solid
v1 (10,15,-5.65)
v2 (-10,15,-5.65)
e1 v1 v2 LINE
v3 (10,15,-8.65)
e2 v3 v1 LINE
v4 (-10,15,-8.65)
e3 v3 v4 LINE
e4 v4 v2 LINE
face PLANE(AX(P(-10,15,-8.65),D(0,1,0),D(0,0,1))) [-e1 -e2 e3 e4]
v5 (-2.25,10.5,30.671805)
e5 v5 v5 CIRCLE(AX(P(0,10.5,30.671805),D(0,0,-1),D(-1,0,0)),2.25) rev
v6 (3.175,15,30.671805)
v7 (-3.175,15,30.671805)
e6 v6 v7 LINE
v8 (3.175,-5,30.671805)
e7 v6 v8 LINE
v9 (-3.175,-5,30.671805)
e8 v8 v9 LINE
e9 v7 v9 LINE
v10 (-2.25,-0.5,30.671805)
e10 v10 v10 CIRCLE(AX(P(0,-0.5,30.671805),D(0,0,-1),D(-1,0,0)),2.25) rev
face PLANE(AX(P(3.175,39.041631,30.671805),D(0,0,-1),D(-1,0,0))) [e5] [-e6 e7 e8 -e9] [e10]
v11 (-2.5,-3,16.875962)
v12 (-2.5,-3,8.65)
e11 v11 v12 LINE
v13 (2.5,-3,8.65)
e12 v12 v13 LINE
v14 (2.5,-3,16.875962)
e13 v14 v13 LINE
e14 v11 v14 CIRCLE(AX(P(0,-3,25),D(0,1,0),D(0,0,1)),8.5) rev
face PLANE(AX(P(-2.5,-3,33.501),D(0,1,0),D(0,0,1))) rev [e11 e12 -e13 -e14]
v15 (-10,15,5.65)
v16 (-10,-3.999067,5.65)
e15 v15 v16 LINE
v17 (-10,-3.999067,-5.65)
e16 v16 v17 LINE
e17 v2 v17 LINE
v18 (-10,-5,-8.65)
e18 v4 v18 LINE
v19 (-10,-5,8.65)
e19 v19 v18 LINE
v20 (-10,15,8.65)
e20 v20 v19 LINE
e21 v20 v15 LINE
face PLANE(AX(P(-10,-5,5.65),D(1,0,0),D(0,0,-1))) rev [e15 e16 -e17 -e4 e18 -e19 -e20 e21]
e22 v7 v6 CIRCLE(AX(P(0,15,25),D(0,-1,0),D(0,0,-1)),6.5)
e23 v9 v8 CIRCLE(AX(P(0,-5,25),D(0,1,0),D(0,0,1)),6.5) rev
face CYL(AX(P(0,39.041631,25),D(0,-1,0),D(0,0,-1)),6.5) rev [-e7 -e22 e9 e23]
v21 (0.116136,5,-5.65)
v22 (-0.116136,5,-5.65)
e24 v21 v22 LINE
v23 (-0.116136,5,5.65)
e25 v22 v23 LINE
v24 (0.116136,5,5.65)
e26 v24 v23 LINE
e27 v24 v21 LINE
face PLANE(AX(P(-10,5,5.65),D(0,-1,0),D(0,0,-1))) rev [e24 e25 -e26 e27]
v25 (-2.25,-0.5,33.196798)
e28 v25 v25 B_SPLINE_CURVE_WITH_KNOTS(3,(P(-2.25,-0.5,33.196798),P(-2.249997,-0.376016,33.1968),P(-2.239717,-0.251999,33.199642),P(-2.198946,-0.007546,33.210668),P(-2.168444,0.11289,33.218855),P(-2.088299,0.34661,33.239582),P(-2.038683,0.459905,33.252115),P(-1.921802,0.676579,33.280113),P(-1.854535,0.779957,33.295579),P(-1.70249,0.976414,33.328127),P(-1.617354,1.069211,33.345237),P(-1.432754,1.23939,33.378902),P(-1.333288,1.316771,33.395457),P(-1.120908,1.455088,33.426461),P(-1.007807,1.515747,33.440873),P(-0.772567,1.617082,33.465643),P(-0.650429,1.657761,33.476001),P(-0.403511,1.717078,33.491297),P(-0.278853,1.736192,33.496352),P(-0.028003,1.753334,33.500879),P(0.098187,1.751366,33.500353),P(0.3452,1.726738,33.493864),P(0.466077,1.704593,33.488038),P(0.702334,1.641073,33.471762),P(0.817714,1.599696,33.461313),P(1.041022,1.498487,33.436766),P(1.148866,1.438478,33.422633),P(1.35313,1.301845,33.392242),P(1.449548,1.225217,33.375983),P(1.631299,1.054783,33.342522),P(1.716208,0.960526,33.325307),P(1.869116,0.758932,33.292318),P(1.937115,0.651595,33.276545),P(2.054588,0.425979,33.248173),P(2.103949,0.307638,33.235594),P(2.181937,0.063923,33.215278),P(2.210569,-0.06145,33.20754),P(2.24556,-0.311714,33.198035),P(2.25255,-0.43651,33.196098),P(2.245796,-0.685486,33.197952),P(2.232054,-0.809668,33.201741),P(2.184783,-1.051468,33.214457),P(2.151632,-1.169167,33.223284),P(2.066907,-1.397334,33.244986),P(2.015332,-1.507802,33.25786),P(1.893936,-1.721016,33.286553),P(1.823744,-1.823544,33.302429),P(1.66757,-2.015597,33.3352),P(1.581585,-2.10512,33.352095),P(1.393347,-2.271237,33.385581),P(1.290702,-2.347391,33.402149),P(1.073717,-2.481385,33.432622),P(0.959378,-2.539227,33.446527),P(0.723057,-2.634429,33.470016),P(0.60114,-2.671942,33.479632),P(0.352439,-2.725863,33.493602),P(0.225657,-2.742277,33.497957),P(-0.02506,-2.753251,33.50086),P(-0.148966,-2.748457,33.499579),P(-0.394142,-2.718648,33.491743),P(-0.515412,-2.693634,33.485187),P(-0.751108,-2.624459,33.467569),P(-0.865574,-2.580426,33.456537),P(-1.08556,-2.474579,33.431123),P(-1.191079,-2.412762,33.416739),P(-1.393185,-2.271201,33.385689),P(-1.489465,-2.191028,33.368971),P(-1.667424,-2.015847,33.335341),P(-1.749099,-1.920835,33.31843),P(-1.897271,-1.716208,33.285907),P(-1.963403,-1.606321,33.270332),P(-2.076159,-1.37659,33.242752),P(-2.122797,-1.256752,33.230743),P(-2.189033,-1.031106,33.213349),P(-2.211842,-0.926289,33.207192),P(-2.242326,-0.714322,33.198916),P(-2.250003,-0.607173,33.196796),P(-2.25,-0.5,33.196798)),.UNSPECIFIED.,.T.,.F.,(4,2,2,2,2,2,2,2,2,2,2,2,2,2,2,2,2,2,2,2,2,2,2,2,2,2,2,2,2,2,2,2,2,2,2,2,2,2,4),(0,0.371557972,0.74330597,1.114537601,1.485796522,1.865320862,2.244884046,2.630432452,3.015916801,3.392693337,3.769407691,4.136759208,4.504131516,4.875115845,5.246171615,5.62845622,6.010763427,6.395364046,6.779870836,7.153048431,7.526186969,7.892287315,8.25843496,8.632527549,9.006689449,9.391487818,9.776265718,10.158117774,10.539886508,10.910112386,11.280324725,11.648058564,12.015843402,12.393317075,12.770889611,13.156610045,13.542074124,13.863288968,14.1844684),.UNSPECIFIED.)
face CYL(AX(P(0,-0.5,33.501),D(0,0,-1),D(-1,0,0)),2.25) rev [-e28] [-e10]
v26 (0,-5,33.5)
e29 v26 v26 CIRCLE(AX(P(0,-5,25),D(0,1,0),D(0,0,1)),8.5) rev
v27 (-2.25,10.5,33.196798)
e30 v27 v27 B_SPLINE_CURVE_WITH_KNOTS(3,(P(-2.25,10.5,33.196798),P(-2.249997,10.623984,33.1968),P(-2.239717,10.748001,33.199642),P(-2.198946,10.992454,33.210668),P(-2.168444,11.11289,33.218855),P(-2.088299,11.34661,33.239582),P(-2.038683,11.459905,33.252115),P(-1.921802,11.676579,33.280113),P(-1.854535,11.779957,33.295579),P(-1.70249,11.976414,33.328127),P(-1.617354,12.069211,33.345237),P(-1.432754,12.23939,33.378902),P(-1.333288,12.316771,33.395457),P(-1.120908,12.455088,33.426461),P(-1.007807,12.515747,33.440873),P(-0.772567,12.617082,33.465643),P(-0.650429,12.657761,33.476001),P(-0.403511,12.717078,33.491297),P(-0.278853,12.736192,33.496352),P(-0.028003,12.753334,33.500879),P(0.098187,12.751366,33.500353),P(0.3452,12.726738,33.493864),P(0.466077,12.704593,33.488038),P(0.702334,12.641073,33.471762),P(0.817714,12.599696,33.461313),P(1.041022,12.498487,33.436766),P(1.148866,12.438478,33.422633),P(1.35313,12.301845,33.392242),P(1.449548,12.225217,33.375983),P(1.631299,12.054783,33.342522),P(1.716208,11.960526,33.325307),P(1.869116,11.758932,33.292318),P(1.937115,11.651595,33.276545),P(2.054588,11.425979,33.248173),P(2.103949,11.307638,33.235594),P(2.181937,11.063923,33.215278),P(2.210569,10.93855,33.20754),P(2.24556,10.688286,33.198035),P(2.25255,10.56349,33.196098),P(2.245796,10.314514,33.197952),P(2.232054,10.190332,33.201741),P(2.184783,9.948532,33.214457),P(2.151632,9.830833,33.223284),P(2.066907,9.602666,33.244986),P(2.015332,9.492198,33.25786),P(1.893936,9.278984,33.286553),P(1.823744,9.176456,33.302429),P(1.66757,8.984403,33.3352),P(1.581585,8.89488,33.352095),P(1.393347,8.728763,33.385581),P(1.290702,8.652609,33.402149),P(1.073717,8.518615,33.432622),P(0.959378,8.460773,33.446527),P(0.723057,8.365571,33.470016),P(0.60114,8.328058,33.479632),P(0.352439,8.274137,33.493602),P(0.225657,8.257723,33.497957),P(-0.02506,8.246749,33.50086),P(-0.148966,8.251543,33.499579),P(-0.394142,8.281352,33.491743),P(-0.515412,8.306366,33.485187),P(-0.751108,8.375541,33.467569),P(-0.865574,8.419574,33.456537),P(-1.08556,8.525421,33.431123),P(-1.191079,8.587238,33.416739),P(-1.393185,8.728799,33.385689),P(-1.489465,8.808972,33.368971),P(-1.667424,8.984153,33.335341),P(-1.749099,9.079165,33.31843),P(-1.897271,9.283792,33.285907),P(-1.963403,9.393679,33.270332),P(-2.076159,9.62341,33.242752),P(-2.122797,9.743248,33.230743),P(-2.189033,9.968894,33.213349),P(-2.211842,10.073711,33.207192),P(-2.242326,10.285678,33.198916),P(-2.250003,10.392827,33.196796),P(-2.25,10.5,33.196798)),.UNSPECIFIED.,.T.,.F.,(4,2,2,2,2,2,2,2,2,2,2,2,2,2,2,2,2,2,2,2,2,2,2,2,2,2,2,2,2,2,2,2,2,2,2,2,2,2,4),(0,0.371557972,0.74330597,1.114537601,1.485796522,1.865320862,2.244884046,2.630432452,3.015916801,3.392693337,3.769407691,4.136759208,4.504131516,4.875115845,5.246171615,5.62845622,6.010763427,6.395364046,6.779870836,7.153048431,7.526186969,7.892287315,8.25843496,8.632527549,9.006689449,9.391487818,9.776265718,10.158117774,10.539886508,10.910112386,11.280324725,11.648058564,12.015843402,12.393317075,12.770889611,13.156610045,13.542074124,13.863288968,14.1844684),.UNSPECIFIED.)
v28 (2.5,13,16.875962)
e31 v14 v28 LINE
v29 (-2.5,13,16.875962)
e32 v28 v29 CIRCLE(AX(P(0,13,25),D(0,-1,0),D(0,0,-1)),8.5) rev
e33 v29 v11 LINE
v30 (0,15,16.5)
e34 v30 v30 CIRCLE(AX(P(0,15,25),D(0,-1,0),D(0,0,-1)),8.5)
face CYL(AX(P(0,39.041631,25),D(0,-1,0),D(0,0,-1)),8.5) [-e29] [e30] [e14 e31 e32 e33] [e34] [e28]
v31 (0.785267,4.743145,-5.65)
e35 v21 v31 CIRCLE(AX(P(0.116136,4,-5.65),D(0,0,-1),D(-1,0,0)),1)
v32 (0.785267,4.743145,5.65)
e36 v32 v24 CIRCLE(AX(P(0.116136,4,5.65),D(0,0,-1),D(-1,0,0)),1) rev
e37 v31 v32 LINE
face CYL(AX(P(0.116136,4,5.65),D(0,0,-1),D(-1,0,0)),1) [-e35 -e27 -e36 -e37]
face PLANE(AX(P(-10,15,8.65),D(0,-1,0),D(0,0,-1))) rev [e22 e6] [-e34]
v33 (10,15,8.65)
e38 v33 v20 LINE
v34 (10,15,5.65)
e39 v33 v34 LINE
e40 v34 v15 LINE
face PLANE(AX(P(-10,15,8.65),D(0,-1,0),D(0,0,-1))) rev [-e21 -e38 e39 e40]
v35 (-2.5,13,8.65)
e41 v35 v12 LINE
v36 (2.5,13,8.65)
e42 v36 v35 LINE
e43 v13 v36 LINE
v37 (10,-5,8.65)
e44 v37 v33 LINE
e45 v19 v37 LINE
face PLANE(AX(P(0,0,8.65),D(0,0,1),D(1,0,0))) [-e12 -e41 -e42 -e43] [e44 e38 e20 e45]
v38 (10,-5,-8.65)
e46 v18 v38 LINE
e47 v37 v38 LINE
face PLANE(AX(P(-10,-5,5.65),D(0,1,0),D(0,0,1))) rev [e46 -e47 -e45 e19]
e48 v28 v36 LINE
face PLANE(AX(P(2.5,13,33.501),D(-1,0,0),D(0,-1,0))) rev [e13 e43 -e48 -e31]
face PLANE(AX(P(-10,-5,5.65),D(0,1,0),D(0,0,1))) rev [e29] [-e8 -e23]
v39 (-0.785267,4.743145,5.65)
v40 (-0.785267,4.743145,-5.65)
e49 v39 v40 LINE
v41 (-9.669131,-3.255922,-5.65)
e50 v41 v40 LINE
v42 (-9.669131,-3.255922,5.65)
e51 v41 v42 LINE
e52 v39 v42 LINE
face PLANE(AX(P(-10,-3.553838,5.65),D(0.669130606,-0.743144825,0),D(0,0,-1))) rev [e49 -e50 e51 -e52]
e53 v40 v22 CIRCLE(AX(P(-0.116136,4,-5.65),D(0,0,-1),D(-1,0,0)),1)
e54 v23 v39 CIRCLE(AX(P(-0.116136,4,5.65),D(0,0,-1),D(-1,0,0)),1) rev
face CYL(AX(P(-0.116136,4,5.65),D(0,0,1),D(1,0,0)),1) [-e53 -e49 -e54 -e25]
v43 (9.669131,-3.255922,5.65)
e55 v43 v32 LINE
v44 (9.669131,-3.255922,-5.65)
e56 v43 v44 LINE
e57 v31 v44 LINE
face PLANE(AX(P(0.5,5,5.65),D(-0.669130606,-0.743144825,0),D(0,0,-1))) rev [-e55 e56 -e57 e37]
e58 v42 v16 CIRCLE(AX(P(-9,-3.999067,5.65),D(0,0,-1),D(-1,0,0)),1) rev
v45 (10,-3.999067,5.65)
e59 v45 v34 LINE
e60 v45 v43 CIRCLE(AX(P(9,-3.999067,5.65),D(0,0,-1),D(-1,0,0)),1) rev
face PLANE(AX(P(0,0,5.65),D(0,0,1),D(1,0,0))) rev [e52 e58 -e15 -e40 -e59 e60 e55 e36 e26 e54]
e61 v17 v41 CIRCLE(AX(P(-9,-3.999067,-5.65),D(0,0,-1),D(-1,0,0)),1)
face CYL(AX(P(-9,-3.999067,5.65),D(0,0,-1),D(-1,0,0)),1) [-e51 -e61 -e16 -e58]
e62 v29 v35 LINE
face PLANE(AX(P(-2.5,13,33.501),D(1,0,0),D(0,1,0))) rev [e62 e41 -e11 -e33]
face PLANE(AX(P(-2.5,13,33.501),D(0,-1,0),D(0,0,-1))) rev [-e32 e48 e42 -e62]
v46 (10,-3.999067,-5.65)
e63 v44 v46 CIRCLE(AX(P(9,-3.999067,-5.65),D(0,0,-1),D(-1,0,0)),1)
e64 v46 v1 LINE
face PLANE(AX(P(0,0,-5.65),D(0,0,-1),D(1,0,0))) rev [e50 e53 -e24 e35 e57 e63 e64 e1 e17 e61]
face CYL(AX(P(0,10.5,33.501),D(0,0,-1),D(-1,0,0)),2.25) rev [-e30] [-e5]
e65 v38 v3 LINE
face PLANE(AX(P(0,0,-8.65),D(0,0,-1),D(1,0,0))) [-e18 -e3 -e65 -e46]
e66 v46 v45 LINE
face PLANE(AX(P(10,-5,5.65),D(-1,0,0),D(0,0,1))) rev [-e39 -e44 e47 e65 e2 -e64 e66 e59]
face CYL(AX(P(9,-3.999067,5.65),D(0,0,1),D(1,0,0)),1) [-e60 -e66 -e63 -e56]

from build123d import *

# Parameters (mm, degrees)
SKETCH2_W                       = 20
SKETCH2_H                       = 10
BOSS_EXTRUDE1_DEPTH             = 5.65
CHAMFER1_SIZE                   = 9.5
CHAMFER1_SIZE2                  = 8.553838421
FILLET3_R                       = 1
SKETCH3_W                       = 20
SKETCH3_H                       = 20
BOSS_EXTRUDE2_DEPTH             = 3
BOSS_EXTRUDE3_REACH             = 21.996
SKETCH6_R                       = 8.5
BOSS_EXTRUDE3_DIRECTION_2_REACH = 21.996
BOSS_EXTRUDE4_REACH             = 32.701
BOSS_EXTRUDE4_END_RADIUS        = 8.5
SKETCH5_W                       = 5
SKETCH5_H                       = 16
CUT_EXTRUDE1_REACH              = 35.85
CUT_EXTRUDE1_END_RADIUS         = 8.5
SKETCH7_R                       = 2.25


with BuildPart() as part:
    # Sketch2 → Boss-Extrude1 (new, symmetric)
    with BuildSketch(Plane.XY):
        Rectangle(SKETCH2_W, SKETCH2_H)
    extrude(amount=BOSS_EXTRUDE1_DEPTH, both=True)

    # Chamfer1
    chamfer1_edges = [part.edges().sort_by_distance(p)[0] for p in [
        (-10, 5, 0),
        (10, 5, 0),
    ]]
    chamfer1_side = [part.faces().sort_by_distance(p)[0] for p in [
        (0, 5, 0),
    ]]
    chamfer(chamfer1_edges, length=CHAMFER1_SIZE, length2=CHAMFER1_SIZE2, reference=chamfer1_side[0])

    # Fillet3
    fillet3_edges = [part.edges().sort_by_distance(p)[0] for p in [
        (-0.5, 5, 0),
        (0.5, 5, 0),
        (10, -3.553838421, 0),
        (-10, -3.553838421, 0),
    ]]
    fillet(fillet3_edges, radius=FILLET3_R)

    # Sketch3 → Boss-Extrude2 (add)
    with BuildSketch(Plane.XY.offset(5.65)):
        with Locations((0, 5)):
            Rectangle(SKETCH3_W, SKETCH3_H)
    boss_extrude2 = extrude(amount=BOSS_EXTRUDE2_DEPTH)

    # Mirror1: Boss-Extrude2 across plane
    add(boss_extrude2.mirror(Plane.XY))


with BuildPart() as body_2:

    # Boss-Extrude3: up to this face of the body (flat: up to its plane)
    boss_extrude3_end = Plane(part.part.faces().sort_by_distance((0, 15, 7.15))[0])
    # Sketch6 → Boss-Extrude3 (new, up to the picked face)
    with BuildSketch(Plane(origin=(0, 0, 0), x_dir=(1, 0, 0), z_dir=(0, 1, 0)), mode=Mode.PRIVATE) as boss_extrude3_sk1:
        with Locations(Location((0, -25, 0), (0, 0, 90))):
            Circle(SKETCH6_R)
        with BuildLine():
            Line((3.175, -30.671805268), (-3.175, -30.671805268))
            ThreePointArc((-3.175, -30.671805268), (0, -18.5), (3.175, -30.671805268))
        make_face(mode=Mode.SUBTRACT)
    boss_extrude3_tool1 = split(extrude(boss_extrude3_sk1.sketch, amount=BOSS_EXTRUDE3_REACH, mode=Mode.PRIVATE), bisect_by=boss_extrude3_end, keep=Keep.BOTH, mode=Mode.PRIVATE)
    add(boss_extrude3_tool1.solids().sort_by(Axis((0, 0, 33.259584), (0, 1, 0)))[0])


    # Boss-Extrude3 direction 2: up to this face of the body (flat: up to its plane)
    boss_extrude3_direction_2_end = Plane(part.part.faces().sort_by_distance((0, -5, 0))[0])
    # Sketch6 → Boss-Extrude3 direction 2 (add, up to the picked face)
    with BuildSketch(Plane(origin=(0, 0, 0), x_dir=(1, 0, 0), z_dir=(0, 1, 0)), mode=Mode.PRIVATE) as boss_extrude3_direction_2_sk1:
        with Locations(Location((0, -25, 0), (0, 0, 90))):
            Circle(SKETCH6_R)
        with BuildLine():
            Line((3.175, -30.671805268), (-3.175, -30.671805268))
            ThreePointArc((-3.175, -30.671805268), (0, -18.5), (3.175, -30.671805268))
        make_face(mode=Mode.SUBTRACT)
    boss_extrude3_direction_2_tool1 = split(extrude(boss_extrude3_direction_2_sk1.sketch, amount=-BOSS_EXTRUDE3_DIRECTION_2_REACH, mode=Mode.PRIVATE), bisect_by=boss_extrude3_direction_2_end, keep=Keep.BOTH, mode=Mode.PRIVATE)
    add(boss_extrude3_direction_2_tool1.solids().sort_by(Axis((0, 0, 33.259584), (0, -1, 0)))[0])


with BuildPart() as part_1:
    add(part.part)

    add(body_2.part)  # Boss-Extrude4 merges body 2
    # Boss-Extrude4: up to this cylinder (the profile starts outside it)
    boss_extrude4_end = Plane(origin=(0, 5, 25), z_dir=(0, -1, 0)) * Cylinder(BOSS_EXTRUDE4_END_RADIUS, 83.402, mode=Mode.PRIVATE)
    # Sketch5 → Boss-Extrude4 (add, up to the surface)
    with BuildSketch(Plane.XY.offset(8.65), mode=Mode.PRIVATE) as boss_extrude4_sk1:
        with Locations((0, 5)):
            Rectangle(SKETCH5_W, SKETCH5_H)
    boss_extrude4_tool1 = extrude(boss_extrude4_sk1.sketch, amount=BOSS_EXTRUDE4_REACH, mode=Mode.PRIVATE) - boss_extrude4_end
    add(boss_extrude4_tool1.solids().sort_by_distance((0, 5, 8.65))[0])

    # Cut-Extrude1: up to this cylinder (the profile starts inside it)
    cut_extrude1_end = Plane(origin=(0, 5, 25), z_dir=(0, -1, 0)) * Cylinder(CUT_EXTRUDE1_END_RADIUS, 100.7, mode=Mode.PRIVATE)
    # Sketch7 → Cut-Extrude1 (cut, up to the surface)
    with BuildSketch(Plane.XY.offset(20), mode=Mode.PRIVATE) as cut_extrude1_sk1:
        with Locations(Location((0, 10.5, 0), (0, 0, 180))):
            Circle(SKETCH7_R)
    cut_extrude1_tool1 = extrude(cut_extrude1_sk1.sketch, amount=CUT_EXTRUDE1_REACH, mode=Mode.PRIVATE) & cut_extrude1_end
    add(cut_extrude1_tool1.solids().sort_by_distance((0, 10.5, 20))[0], mode=Mode.SUBTRACT)
    # Sketch7 → Cut-Extrude1 (cut, up to the surface)
    with BuildSketch(Plane.XY.offset(20), mode=Mode.PRIVATE) as cut_extrude1_sk2:
        with Locations(Location((0, -0.5, 0), (0, 0, 180))):
            Circle(SKETCH7_R)
    cut_extrude1_tool2 = extrude(cut_extrude1_sk2.sketch, amount=CUT_EXTRUDE1_REACH, mode=Mode.PRIVATE) & cut_extrude1_end
    add(cut_extrude1_tool2.solids().sort_by_distance((0, -0.5, 20))[0], mode=Mode.SUBTRACT)


solid = part_1.part
